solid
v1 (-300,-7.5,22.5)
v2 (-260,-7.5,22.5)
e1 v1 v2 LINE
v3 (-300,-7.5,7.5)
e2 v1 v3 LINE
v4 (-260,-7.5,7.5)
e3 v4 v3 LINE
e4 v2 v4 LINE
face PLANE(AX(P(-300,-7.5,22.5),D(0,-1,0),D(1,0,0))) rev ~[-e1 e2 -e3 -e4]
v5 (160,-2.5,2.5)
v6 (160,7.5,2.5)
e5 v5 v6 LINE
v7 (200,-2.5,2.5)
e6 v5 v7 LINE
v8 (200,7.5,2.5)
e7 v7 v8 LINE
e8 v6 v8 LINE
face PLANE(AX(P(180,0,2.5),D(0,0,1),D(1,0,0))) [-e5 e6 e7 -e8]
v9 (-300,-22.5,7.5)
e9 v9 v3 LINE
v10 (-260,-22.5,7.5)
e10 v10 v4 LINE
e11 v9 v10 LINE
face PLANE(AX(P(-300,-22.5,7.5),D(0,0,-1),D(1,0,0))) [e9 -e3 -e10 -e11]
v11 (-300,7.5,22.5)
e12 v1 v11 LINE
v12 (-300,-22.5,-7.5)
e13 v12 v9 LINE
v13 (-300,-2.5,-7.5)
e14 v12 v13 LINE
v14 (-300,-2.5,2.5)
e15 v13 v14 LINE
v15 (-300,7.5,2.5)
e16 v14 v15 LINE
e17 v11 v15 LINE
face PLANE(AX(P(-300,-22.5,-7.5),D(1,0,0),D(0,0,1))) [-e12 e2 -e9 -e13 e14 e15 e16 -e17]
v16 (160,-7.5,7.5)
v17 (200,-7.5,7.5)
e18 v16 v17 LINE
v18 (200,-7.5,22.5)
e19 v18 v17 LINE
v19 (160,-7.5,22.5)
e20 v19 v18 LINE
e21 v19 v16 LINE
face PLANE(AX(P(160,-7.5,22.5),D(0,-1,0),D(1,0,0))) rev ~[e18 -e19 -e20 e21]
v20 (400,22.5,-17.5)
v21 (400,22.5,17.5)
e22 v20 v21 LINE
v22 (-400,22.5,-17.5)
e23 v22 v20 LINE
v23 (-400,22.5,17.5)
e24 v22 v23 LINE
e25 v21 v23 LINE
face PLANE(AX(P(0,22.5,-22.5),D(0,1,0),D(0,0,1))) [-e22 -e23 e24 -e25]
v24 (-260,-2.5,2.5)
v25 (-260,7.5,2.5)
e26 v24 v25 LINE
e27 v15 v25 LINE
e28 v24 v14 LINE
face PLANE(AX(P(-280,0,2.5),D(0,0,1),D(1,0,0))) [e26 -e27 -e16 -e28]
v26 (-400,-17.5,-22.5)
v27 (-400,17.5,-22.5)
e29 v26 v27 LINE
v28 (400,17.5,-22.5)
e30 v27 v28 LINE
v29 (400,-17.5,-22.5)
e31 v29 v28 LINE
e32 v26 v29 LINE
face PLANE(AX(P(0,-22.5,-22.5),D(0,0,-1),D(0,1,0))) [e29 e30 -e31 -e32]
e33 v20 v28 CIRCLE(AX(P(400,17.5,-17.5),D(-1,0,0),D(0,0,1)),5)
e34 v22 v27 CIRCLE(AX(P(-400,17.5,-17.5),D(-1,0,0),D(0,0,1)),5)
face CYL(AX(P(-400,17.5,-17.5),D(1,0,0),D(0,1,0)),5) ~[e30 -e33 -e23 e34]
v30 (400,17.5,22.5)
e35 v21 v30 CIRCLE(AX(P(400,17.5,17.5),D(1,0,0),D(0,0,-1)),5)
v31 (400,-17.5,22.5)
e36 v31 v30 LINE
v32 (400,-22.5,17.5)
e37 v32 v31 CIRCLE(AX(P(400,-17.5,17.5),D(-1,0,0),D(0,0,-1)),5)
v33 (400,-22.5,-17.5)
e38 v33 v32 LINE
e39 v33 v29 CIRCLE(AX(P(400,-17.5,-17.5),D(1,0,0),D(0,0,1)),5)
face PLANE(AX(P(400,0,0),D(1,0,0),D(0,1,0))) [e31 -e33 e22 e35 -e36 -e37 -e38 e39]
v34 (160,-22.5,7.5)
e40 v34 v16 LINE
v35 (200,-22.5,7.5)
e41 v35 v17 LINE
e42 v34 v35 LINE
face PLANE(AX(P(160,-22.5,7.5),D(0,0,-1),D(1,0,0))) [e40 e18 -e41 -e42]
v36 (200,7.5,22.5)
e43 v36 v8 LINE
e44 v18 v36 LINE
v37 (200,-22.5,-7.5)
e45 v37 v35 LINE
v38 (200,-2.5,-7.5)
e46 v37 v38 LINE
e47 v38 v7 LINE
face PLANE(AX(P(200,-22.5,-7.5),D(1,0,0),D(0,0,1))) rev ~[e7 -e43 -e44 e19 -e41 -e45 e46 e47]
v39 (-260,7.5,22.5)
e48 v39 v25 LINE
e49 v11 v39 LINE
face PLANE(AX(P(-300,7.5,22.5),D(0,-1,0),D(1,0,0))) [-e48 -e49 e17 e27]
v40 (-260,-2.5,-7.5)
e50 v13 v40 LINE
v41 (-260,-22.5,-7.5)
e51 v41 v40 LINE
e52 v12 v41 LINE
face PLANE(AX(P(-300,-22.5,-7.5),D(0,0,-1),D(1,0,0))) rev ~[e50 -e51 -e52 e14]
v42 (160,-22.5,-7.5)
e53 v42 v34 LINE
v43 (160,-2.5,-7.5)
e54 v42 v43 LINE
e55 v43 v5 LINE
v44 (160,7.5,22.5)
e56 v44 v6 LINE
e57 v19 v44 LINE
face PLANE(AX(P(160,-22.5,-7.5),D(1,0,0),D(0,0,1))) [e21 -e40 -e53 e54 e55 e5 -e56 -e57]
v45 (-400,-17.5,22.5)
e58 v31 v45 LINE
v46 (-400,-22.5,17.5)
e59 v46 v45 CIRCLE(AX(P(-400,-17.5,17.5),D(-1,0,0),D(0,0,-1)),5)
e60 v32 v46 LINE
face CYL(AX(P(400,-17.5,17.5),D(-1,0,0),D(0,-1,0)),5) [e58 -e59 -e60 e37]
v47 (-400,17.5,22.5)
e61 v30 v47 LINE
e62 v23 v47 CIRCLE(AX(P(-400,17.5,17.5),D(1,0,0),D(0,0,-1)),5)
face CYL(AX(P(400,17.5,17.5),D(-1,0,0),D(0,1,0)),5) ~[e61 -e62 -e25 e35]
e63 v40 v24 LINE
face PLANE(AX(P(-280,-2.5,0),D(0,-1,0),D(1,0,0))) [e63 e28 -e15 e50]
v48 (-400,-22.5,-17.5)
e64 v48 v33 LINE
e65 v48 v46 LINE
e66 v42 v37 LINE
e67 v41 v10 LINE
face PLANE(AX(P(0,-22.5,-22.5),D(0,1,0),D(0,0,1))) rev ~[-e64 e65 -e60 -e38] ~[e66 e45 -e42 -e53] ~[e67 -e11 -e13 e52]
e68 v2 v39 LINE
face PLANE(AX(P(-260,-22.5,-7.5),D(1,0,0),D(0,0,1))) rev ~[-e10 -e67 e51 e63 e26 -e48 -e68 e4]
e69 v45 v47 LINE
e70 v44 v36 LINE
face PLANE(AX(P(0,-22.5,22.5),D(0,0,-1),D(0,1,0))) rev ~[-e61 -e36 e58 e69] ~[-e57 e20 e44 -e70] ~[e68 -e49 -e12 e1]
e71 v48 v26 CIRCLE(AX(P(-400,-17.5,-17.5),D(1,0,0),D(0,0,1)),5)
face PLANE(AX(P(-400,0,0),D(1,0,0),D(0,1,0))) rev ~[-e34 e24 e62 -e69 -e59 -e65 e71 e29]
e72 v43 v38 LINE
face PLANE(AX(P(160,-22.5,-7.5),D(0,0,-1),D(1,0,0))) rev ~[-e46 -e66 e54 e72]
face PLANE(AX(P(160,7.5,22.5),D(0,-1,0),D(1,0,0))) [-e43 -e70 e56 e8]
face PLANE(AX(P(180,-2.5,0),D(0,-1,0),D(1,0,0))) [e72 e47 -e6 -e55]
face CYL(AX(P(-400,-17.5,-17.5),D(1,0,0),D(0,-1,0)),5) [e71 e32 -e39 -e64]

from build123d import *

# Parameters (mm, degrees)
F0_W      = 45
F0_H      = 45
F1_DEPTH  = 400
F2_R      = 5
F3_W      = 40
F3_H      = 15
F4_DEPTH  = 20
F5_W      = 40
F5_H      = 15
F6_DEPTH  = 20
F7_W      = 40
F7_H      = 15
F8_DEPTH  = 20
F9_W      = 40
F9_H      = 15
F10_DEPTH = 20


with BuildPart() as f1:
    # F0 (on Right) → F1 (new body, symmetric)
    with BuildSketch(Plane.YZ):
        Rectangle(F0_W, F0_H)
    extrude(amount=F1_DEPTH, both=True)

    # F2
    f2_edges = [f1.edges().sort_by_distance(p)[0] for p in [
        (0, -22.5, 22.5),
        (0, 22.5, 22.5),
        (0, -22.5, -22.5),
        (0, 22.5, -22.5),
    ]]
    fillet(f2_edges, radius=F2_R)

    # F3 (on face) → F4 (cut)
    with BuildSketch(Plane.XZ.offset(22.5)):
        with Locations((-280, 0)):
            Rectangle(F3_W, F3_H)
    extrude(amount=-F4_DEPTH, mode=Mode.SUBTRACT)

    # F5 (on face) → F6 (cut)
    with BuildSketch(Plane.XY.offset(22.5)):
        with Locations((-280, 0)):
            Rectangle(F5_W, F5_H)
    extrude(amount=-F6_DEPTH, mode=Mode.SUBTRACT)

    # F7 (on face) → F8 (cut)
    with BuildSketch(Plane.XY.offset(22.5)):
        with Locations((180, 0)):
            Rectangle(F7_W, F7_H)
    extrude(amount=-F8_DEPTH, mode=Mode.SUBTRACT)

    # F9 (on face) → F10 (cut)
    with BuildSketch(Plane.XZ.offset(22.5)):
        with Locations((180, 0)):
            Rectangle(F9_W, F9_H)
    extrude(amount=-F10_DEPTH, mode=Mode.SUBTRACT)


solid = f1.part
